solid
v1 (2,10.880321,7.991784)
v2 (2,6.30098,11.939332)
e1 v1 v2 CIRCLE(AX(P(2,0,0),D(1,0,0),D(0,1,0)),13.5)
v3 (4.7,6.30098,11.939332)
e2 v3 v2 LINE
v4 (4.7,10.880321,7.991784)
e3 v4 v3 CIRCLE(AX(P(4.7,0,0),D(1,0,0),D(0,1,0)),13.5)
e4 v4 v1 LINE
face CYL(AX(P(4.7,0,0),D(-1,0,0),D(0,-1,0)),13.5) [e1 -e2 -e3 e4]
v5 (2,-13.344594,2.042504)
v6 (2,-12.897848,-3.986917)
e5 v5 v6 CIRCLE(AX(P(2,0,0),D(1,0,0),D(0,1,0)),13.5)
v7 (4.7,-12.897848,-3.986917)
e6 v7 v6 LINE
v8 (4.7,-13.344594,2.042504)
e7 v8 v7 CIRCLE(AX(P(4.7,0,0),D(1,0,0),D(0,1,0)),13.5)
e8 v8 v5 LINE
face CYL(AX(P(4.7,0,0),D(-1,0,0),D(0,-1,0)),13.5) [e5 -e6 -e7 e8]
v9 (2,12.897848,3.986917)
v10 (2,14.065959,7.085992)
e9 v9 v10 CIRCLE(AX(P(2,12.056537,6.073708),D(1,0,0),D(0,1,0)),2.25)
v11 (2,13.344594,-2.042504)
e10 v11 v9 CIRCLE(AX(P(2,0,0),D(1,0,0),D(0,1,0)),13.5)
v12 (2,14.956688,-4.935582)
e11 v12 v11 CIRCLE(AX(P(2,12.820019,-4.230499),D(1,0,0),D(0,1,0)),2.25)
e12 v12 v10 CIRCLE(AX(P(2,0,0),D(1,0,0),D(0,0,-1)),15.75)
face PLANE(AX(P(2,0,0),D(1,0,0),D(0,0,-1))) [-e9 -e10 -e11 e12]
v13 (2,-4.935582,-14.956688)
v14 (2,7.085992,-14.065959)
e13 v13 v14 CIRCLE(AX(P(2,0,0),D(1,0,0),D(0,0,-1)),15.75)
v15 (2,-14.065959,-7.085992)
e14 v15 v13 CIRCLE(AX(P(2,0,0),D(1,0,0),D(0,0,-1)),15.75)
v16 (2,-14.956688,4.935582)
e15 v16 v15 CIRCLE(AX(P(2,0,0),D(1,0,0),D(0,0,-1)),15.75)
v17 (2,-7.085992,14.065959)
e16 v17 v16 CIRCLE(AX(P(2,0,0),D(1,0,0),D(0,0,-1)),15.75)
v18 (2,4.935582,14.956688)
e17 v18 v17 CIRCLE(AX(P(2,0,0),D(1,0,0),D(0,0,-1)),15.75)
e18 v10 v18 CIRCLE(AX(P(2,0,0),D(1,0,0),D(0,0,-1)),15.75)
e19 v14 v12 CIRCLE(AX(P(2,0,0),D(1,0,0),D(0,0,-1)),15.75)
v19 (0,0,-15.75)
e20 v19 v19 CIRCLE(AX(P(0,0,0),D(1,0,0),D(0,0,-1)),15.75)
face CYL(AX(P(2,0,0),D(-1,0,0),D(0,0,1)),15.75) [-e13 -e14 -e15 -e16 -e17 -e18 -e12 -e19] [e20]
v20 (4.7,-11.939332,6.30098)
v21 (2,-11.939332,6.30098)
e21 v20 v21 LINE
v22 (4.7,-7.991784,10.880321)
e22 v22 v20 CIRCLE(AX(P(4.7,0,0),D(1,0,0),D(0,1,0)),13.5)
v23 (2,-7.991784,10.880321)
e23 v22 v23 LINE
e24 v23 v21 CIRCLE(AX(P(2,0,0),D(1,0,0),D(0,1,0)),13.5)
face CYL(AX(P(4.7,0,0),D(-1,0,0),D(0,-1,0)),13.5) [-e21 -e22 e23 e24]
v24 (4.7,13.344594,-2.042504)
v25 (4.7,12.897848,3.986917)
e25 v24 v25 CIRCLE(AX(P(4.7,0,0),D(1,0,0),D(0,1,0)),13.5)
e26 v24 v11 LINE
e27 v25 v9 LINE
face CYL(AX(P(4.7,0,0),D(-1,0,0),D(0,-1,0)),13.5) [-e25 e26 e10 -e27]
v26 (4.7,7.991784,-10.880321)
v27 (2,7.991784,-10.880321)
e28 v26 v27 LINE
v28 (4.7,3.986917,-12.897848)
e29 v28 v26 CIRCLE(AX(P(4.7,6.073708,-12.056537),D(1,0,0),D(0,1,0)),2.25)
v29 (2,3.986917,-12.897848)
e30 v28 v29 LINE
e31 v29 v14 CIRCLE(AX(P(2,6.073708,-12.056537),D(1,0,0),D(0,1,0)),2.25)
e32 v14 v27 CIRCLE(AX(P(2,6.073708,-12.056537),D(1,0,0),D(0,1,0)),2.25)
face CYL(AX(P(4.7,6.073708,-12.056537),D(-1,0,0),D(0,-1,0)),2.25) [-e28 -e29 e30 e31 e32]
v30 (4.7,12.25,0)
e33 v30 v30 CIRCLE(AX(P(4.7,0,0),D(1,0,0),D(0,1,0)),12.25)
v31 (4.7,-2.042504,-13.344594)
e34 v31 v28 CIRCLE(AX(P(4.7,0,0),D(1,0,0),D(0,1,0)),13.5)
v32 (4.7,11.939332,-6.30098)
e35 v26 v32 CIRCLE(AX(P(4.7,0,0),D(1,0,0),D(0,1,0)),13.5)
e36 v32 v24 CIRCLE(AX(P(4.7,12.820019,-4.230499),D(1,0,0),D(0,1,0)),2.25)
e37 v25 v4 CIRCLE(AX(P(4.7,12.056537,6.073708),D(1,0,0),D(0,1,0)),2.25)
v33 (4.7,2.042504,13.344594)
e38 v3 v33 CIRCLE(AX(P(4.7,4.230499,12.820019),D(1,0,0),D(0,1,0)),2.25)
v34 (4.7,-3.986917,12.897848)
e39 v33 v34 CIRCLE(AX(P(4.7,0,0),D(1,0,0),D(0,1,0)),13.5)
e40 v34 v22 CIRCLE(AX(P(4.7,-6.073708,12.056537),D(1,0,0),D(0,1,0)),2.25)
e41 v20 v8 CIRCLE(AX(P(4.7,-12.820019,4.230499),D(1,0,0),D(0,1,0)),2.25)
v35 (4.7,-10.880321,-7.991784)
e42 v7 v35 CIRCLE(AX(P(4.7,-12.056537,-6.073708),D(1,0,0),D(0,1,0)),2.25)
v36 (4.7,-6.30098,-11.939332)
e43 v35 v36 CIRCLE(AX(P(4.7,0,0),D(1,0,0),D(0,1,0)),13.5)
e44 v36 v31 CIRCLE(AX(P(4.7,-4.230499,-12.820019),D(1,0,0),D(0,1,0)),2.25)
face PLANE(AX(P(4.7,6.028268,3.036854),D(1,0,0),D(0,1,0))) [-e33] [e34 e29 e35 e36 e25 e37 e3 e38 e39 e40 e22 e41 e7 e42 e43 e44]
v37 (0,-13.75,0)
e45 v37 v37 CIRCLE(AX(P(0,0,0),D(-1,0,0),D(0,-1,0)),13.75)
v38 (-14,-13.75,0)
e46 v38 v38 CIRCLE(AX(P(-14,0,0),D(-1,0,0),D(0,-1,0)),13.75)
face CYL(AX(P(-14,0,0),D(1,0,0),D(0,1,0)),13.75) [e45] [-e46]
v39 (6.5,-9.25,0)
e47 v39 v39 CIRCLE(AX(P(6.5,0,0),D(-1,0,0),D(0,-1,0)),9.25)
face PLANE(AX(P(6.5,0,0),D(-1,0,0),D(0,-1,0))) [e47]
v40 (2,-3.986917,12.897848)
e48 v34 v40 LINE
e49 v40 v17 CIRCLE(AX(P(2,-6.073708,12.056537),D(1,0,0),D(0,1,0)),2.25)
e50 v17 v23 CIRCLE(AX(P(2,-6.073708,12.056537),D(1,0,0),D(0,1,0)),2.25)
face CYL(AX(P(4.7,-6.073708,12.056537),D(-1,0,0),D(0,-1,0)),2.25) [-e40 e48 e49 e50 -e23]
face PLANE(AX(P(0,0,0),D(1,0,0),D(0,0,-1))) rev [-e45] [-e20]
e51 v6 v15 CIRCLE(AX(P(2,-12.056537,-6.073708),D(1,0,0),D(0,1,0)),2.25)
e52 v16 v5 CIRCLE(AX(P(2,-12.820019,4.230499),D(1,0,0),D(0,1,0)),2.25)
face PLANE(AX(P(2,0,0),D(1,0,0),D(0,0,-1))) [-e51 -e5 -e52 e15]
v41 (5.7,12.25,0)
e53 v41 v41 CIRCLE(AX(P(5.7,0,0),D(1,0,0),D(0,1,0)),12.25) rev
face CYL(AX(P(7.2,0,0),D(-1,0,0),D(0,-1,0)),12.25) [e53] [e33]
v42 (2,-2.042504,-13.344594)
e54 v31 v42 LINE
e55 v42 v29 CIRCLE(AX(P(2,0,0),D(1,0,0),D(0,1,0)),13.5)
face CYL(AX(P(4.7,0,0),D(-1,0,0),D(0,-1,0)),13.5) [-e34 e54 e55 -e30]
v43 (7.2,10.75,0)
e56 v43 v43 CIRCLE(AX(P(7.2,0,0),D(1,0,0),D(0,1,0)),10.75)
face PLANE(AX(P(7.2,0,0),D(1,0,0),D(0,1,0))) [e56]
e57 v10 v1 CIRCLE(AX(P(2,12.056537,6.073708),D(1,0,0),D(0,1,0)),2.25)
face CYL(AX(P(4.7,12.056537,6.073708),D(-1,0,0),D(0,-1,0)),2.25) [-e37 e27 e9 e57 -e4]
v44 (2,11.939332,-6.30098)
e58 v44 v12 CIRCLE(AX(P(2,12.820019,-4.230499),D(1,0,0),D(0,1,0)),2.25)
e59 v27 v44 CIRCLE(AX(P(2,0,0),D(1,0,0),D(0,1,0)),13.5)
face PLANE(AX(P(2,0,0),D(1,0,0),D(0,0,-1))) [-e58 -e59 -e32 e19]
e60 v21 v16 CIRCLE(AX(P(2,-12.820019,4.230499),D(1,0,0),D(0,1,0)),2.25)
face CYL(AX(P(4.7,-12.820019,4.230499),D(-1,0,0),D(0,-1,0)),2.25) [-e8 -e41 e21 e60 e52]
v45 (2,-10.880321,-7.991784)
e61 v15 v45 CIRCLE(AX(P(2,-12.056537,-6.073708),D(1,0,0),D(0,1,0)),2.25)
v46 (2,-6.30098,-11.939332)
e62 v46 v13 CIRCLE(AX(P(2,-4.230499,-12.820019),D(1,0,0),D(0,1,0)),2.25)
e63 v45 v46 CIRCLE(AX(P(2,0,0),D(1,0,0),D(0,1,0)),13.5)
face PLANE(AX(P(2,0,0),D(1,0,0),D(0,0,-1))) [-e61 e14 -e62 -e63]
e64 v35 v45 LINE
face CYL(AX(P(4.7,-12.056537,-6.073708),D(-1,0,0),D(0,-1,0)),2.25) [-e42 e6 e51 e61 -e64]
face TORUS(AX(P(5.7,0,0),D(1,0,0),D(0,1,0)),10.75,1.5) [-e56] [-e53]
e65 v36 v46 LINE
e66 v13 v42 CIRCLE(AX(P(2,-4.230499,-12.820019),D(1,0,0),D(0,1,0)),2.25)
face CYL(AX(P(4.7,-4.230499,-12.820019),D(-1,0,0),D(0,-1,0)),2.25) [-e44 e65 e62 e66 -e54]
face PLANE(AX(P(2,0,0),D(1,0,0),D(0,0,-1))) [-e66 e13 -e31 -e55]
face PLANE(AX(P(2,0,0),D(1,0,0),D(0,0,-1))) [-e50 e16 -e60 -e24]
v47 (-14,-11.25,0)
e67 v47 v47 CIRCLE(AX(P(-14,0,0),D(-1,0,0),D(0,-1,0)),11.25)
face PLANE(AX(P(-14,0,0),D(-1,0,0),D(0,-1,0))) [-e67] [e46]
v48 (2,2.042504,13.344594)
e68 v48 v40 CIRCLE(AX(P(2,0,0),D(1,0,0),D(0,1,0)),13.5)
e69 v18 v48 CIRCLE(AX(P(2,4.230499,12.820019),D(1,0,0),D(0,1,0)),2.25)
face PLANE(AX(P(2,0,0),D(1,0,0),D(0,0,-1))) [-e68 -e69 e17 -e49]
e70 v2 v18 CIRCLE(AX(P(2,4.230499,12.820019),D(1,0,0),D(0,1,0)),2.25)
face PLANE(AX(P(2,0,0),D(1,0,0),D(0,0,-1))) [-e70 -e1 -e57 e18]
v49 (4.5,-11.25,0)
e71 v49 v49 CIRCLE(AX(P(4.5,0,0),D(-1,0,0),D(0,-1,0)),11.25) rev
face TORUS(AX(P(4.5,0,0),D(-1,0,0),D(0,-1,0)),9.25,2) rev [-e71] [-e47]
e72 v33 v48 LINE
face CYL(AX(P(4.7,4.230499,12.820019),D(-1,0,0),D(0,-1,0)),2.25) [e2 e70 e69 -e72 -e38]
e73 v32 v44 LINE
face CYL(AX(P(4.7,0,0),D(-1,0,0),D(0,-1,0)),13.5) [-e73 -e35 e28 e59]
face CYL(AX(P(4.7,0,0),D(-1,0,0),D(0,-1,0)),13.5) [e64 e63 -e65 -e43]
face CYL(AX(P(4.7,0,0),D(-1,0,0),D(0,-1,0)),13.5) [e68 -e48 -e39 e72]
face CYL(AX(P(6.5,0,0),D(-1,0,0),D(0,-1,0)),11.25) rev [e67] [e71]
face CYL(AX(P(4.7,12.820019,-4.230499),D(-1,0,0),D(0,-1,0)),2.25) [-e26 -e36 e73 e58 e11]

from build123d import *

# Parameters (mm, degrees)
SKETCH1_R           = 15.75
BOSS_EXTRUDE1_DEPTH = 2
BOSS_EXTRUDE2_DEPTH = 2.7
SKETCH3_R           = 12.25
BOSS_EXTRUDE3_DEPTH = 2.5
SKETCH4_R           = 13.75
BOSS_EXTRUDE4_DEPTH = 14
SKETCH5_R           = 11.25
CUT_EXTRUDE1_DEPTH  = 20.5
FILLET1_R           = 1.5
FILLET2_R           = 2


with BuildPart() as part:
    # Sketch1 → Boss-Extrude1 (new body)
    with BuildSketch(Plane.YZ):
        Circle(SKETCH1_R)
    extrude(amount=BOSS_EXTRUDE1_DEPTH)

    # Sketch2 → Boss-Extrude2 (add)
    with BuildSketch(Plane.YZ.offset(2)):
        with BuildLine():
            ThreePointArc((10.880321188, 7.991783959), (8.814480217, 10.225210927), (6.300979972, 11.939332117))
            ThreePointArc((6.300979972, 11.939332117), (4.935582223, 14.956688408), (2.042504262, 13.344593525))
            ThreePointArc((2.042504262, 13.344593525), (-0.997537251, 13.46309472), (-3.986917036, 12.897848369))
            ThreePointArc((-3.986917036, 12.897848369), (-7.085992138, 14.065959456), (-7.991783959, 10.880321188))
            ThreePointArc((-7.991783959, 10.880321188), (-10.225210927, 8.814480217), (-11.939332117, 6.300979972))
            ThreePointArc((-11.939332117, 6.300979972), (-14.956688408, 4.935582223), (-13.344593525, 2.042504262))
            ThreePointArc((-13.344593525, 2.042504262), (-13.46309472, -0.997537251), (-12.897848369, -3.986917036))
            ThreePointArc((-12.897848369, -3.986917036), (-14.065959456, -7.085992138), (-10.880321188, -7.991783959))
            ThreePointArc((-10.880321188, -7.991783959), (-8.814480217, -10.225210927), (-6.300979972, -11.939332117))
            ThreePointArc((-6.300979972, -11.939332117), (-4.935582223, -14.956688408), (-2.042504262, -13.344593525))
            ThreePointArc((-2.042504262, -13.344593525), (0.997537251, -13.46309472), (3.986917036, -12.897848369))
            ThreePointArc((3.986917036, -12.897848369), (7.085992138, -14.065959456), (7.991783959, -10.880321188))
            ThreePointArc((7.991783959, -10.880321188), (10.225210927, -8.814480217), (11.939332117, -6.300979972))
            ThreePointArc((11.939332117, -6.300979972), (14.956688408, -4.935582223), (13.344593525, -2.042504262))
            ThreePointArc((13.344593525, -2.042504262), (13.46309472, 0.997537251), (12.897848369, 3.986917036))
            ThreePointArc((12.897848369, 3.986917036), (14.065959456, 7.085992138), (10.880321188, 7.991783959))
        make_face()
    extrude(amount=BOSS_EXTRUDE2_DEPTH)

    # Sketch3 → Boss-Extrude3 (add)
    with BuildSketch(Plane.YZ.offset(4.7)):
        Circle(SKETCH3_R)
    extrude(amount=BOSS_EXTRUDE3_DEPTH)

    # Sketch4 → Boss-Extrude4 (add)
    with BuildSketch(Plane(origin=(0, 0, 0), x_dir=(0, -1, 0), z_dir=(-1, 0, 0))):
        Circle(SKETCH4_R)
    extrude(amount=BOSS_EXTRUDE4_DEPTH)

    # Sketch5 → Cut-Extrude1 (cut)
    with BuildSketch(Plane(origin=(-14, 0, 0), x_dir=(0, -1, 0), z_dir=(-1, 0, 0))):
        Circle(SKETCH5_R)
    extrude(amount=-CUT_EXTRUDE1_DEPTH, mode=Mode.SUBTRACT)

    # Fillet1
    fillet1_edges = [part.edges().sort_by_distance(p)[0] for p in [
        (7.2, -12.25, 0),
    ]]
    fillet(fillet1_edges, radius=FILLET1_R)

    # Fillet2
    fillet2_edges = [part.edges().sort_by_distance(p)[0] for p in [
        (6.5, 11.25, 0),
    ]]
    fillet(fillet2_edges, radius=FILLET2_R)


solid = part.part
